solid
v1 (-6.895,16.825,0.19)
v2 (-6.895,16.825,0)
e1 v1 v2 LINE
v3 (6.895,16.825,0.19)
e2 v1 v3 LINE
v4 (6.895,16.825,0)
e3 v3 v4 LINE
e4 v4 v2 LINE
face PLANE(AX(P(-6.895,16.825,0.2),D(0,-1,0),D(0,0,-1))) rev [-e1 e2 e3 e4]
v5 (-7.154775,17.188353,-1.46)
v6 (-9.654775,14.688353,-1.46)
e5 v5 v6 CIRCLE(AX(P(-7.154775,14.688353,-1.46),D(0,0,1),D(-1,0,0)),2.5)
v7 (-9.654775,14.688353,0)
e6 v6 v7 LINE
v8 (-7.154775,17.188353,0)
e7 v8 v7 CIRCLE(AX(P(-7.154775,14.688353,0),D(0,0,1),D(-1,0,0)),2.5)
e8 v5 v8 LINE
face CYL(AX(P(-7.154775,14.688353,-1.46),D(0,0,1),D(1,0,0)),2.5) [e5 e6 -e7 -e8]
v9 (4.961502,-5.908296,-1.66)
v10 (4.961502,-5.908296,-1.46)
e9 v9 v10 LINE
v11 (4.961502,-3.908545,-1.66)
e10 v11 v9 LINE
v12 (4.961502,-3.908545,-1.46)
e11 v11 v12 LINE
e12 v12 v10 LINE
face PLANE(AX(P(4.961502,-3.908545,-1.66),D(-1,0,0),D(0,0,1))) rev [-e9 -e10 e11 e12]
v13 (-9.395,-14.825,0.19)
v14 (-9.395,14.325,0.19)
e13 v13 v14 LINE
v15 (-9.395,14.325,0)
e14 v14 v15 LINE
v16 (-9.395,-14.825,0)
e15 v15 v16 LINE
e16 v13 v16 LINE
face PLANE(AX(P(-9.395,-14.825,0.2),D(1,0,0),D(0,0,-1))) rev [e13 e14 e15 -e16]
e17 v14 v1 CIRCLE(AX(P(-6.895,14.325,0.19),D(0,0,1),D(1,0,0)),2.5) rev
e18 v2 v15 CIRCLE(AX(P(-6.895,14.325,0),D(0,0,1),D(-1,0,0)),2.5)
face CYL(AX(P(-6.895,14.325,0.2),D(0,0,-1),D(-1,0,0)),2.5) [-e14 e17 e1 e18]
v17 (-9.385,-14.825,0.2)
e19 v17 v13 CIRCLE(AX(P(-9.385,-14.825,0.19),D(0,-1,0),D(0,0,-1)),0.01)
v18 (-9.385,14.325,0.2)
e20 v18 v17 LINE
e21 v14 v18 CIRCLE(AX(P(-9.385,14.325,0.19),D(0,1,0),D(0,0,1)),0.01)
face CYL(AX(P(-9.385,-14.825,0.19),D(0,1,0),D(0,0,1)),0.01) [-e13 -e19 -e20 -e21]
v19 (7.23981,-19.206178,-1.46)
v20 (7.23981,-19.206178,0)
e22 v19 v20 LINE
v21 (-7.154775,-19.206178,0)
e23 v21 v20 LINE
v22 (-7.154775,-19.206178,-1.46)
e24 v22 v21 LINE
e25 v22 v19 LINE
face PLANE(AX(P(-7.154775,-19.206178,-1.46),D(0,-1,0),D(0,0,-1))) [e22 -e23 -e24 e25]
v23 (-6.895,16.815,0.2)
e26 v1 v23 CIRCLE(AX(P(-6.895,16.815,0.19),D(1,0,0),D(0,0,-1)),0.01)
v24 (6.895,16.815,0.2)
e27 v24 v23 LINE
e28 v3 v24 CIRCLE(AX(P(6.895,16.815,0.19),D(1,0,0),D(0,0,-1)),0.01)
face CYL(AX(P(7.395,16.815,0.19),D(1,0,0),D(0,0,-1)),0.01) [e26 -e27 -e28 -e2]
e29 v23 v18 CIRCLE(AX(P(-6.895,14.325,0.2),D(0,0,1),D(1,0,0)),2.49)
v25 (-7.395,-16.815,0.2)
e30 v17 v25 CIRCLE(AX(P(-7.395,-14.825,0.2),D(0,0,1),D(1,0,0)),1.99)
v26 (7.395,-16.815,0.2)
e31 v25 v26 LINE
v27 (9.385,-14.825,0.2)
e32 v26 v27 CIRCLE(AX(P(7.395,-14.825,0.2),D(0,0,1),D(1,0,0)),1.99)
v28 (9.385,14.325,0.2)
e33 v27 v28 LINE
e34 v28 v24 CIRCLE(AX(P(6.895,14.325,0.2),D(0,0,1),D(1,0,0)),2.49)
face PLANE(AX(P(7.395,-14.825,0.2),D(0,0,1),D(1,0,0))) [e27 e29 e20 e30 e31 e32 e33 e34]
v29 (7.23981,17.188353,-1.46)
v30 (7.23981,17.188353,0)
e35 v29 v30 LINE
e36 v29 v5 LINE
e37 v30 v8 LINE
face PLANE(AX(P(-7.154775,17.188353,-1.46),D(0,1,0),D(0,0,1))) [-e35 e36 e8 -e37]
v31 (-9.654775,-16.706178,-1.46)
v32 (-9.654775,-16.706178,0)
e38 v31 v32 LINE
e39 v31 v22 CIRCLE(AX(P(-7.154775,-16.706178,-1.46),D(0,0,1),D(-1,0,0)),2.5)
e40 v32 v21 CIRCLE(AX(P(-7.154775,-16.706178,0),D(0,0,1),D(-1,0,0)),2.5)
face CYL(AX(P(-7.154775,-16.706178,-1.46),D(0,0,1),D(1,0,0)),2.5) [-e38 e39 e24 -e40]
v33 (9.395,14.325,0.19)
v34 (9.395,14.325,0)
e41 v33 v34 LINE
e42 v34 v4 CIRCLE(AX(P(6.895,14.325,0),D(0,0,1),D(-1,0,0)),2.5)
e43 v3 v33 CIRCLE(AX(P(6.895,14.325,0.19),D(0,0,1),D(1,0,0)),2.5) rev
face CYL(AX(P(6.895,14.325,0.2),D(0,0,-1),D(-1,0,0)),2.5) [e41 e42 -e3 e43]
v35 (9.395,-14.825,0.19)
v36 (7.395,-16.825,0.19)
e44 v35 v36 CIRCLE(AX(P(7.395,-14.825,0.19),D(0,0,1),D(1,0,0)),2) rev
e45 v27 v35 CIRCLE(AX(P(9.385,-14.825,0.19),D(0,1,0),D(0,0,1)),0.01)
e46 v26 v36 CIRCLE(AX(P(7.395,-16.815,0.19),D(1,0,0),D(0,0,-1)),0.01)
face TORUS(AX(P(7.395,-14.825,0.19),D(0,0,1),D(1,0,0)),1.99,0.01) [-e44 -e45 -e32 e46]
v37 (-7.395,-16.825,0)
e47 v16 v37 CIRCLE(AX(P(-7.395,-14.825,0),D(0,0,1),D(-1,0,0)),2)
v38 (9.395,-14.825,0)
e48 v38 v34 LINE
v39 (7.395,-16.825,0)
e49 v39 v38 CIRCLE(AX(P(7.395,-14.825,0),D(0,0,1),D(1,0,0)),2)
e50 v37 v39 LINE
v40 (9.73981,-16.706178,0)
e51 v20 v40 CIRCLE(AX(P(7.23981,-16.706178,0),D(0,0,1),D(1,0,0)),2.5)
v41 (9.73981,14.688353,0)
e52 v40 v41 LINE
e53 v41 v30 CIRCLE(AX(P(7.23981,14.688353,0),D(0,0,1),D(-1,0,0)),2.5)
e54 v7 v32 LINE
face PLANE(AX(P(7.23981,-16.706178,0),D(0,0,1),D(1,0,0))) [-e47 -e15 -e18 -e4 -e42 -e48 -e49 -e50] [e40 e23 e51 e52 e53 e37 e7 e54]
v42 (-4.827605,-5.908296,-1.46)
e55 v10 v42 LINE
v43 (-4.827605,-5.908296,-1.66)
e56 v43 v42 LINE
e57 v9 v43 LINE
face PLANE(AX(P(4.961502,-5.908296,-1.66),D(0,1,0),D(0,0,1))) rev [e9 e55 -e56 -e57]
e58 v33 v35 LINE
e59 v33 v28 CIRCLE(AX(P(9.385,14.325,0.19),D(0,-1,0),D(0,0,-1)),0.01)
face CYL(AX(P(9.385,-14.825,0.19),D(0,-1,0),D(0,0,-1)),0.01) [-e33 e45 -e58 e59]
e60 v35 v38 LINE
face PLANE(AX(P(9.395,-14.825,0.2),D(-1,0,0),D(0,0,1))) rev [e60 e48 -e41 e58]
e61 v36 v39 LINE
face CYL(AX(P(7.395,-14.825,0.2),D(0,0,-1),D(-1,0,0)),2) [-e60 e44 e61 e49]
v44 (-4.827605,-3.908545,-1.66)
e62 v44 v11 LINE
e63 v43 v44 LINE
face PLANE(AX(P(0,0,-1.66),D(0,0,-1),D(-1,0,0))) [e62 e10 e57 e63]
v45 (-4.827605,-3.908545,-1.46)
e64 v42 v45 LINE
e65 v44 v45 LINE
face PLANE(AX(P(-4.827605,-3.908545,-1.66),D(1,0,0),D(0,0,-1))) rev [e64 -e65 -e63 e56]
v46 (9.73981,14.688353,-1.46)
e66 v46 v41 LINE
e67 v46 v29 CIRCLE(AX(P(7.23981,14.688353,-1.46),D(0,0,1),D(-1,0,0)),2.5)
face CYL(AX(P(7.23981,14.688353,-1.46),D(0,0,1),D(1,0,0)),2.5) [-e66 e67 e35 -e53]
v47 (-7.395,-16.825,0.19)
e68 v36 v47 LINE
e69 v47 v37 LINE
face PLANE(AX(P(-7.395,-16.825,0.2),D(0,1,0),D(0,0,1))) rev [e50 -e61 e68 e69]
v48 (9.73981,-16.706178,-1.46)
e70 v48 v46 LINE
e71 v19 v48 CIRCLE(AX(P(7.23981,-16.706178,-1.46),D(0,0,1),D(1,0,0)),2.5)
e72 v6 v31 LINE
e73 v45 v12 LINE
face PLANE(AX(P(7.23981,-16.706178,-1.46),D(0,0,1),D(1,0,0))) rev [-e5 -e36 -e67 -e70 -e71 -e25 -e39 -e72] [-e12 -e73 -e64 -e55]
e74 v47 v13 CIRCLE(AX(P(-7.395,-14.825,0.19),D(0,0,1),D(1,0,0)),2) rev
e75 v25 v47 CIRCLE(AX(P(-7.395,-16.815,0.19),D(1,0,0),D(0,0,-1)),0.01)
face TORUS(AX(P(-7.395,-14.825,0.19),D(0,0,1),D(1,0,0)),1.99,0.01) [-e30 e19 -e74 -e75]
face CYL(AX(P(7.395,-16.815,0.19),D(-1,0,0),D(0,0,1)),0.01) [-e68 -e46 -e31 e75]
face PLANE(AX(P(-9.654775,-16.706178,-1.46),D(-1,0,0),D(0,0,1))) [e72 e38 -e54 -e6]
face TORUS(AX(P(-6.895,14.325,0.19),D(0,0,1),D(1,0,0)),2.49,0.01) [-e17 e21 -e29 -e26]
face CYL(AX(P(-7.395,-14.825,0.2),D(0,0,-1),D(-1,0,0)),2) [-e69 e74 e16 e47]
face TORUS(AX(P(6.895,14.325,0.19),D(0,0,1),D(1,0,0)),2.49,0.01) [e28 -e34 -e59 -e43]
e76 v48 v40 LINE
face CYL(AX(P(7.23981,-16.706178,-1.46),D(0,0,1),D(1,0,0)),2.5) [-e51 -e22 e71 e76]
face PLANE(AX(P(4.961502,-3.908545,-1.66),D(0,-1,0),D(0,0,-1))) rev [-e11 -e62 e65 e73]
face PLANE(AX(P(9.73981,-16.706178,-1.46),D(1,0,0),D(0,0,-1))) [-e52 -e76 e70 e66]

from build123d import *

# Parameters (mm, degrees)
BOSS_EXTRU_1_DEPTH = 1.46
BOSS_EXTRU_2_DEPTH = 0.15
BOSS_EXTRU_3_DEPTH = 0.2
CONG_1_R           = 0.01
CONTACTS_W         = 9.78910699
CONTACTS_H         = 1.999751064
BOSS_EXTRU_4_DEPTH = 0.2


with BuildPart() as part:
    # bordexterne → Boss.-Extru.1 (new body)
    with BuildSketch(Plane.XY):
        with BuildLine():
            Line((-7.154775328, -19.206177595), (7.239809861, -19.206177595))
            ThreePointArc((7.239809861, -19.206177595), (9.007576814, -18.473944548), (9.739809861, -16.706177595))
            Line((9.739809861, -16.706177595), (9.739809861, 14.688353392))
            ThreePointArc((9.739809861, 14.688353392), (9.007576814, 16.456120345), (7.239809861, 17.188353392))
            Line((7.239809861, 17.188353392), (-7.154775328, 17.188353392))
            ThreePointArc((-7.154775328, 17.188353392), (-8.922542281, 16.456120345), (-9.654775328, 14.688353392))
            Line((-9.654775328, 14.688353392), (-9.654775328, -16.706177595))
            ThreePointArc((-9.654775328, -16.706177595), (-8.922542281, -18.473944548), (-7.154775328, -19.206177595))
        make_face()
    extrude(amount=-BOSS_EXTRU_1_DEPTH)

    # surfaceutile → Boss.-Extru.2 (add)
    with BuildSketch(Plane.XY):
        with BuildLine():
            Line((-6.695, -16.175), (6.695, -16.175))
            ThreePointArc((6.695, -16.175), (8.109213562, -15.589213562), (8.695, -14.175))
            Line((8.695, -14.175), (8.695, 14.175))
            ThreePointArc((8.695, 14.175), (8.109213562, 15.589213562), (6.695, 16.175))
            Line((6.695, 16.175), (-6.695, 16.175))
            ThreePointArc((-6.695, 16.175), (-8.109213562, 15.589213562), (-8.695, 14.175))
            Line((-8.695, 14.175), (-8.695, -14.175))
            ThreePointArc((-8.695, -14.175), (-8.109213562, -15.589213562), (-6.695, -16.175))
        make_face()
    extrude(amount=BOSS_EXTRU_2_DEPTH)

    # bord2 → Boss.-Extru.3 (add)
    with BuildSketch(Plane.XY):
        with BuildLine():
            Line((-7.395, -16.825), (7.395, -16.825))
            ThreePointArc((7.395, -16.825), (8.809213562, -16.239213562), (9.395, -14.825))
            Line((9.395, -14.825), (9.395, 14.325))
            ThreePointArc((9.395, 14.325), (8.662766953, 16.092766953), (6.895, 16.825))
            Line((6.895, 16.825), (-6.895, 16.825))
            ThreePointArc((-6.895, 16.825), (-8.662766953, 16.092766953), (-9.395, 14.325))
            Line((-9.395, 14.325), (-9.395, -14.825))
            ThreePointArc((-9.395, -14.825), (-8.809213562, -16.239213562), (-7.395, -16.825))
        make_face()
    extrude(amount=BOSS_EXTRU_3_DEPTH)

    # Congé1
    cong_1_edges = [part.edges().sort_by_distance(p)[0] for p in [
        (8.809213562, -16.239213562, 0.2),
        (9.395, -0.25, 0.2),
        (8.662766953, 16.092766953, 0.2),
        (0, 16.825, 0.2),
        (-8.662766953, 16.092766953, 0.2),
        (-9.395, -0.25, 0.2),
        (-8.809213562, -16.239213562, 0.2),
        (0, -16.825, 0.2),
    ]]
    fillet(cong_1_edges, radius=CONG_1_R)

    # contacts → Boss.-Extru.4 (add)
    with BuildSketch(Plane(origin=(0, 0, -1.46), x_dir=(-1, 0, 0), z_dir=(0, 0, -1))):
        with Locations((-0.066948969, -4.908420558)):
            Rectangle(CONTACTS_W, CONTACTS_H)
    extrude(amount=BOSS_EXTRU_4_DEPTH)


solid = part.part
